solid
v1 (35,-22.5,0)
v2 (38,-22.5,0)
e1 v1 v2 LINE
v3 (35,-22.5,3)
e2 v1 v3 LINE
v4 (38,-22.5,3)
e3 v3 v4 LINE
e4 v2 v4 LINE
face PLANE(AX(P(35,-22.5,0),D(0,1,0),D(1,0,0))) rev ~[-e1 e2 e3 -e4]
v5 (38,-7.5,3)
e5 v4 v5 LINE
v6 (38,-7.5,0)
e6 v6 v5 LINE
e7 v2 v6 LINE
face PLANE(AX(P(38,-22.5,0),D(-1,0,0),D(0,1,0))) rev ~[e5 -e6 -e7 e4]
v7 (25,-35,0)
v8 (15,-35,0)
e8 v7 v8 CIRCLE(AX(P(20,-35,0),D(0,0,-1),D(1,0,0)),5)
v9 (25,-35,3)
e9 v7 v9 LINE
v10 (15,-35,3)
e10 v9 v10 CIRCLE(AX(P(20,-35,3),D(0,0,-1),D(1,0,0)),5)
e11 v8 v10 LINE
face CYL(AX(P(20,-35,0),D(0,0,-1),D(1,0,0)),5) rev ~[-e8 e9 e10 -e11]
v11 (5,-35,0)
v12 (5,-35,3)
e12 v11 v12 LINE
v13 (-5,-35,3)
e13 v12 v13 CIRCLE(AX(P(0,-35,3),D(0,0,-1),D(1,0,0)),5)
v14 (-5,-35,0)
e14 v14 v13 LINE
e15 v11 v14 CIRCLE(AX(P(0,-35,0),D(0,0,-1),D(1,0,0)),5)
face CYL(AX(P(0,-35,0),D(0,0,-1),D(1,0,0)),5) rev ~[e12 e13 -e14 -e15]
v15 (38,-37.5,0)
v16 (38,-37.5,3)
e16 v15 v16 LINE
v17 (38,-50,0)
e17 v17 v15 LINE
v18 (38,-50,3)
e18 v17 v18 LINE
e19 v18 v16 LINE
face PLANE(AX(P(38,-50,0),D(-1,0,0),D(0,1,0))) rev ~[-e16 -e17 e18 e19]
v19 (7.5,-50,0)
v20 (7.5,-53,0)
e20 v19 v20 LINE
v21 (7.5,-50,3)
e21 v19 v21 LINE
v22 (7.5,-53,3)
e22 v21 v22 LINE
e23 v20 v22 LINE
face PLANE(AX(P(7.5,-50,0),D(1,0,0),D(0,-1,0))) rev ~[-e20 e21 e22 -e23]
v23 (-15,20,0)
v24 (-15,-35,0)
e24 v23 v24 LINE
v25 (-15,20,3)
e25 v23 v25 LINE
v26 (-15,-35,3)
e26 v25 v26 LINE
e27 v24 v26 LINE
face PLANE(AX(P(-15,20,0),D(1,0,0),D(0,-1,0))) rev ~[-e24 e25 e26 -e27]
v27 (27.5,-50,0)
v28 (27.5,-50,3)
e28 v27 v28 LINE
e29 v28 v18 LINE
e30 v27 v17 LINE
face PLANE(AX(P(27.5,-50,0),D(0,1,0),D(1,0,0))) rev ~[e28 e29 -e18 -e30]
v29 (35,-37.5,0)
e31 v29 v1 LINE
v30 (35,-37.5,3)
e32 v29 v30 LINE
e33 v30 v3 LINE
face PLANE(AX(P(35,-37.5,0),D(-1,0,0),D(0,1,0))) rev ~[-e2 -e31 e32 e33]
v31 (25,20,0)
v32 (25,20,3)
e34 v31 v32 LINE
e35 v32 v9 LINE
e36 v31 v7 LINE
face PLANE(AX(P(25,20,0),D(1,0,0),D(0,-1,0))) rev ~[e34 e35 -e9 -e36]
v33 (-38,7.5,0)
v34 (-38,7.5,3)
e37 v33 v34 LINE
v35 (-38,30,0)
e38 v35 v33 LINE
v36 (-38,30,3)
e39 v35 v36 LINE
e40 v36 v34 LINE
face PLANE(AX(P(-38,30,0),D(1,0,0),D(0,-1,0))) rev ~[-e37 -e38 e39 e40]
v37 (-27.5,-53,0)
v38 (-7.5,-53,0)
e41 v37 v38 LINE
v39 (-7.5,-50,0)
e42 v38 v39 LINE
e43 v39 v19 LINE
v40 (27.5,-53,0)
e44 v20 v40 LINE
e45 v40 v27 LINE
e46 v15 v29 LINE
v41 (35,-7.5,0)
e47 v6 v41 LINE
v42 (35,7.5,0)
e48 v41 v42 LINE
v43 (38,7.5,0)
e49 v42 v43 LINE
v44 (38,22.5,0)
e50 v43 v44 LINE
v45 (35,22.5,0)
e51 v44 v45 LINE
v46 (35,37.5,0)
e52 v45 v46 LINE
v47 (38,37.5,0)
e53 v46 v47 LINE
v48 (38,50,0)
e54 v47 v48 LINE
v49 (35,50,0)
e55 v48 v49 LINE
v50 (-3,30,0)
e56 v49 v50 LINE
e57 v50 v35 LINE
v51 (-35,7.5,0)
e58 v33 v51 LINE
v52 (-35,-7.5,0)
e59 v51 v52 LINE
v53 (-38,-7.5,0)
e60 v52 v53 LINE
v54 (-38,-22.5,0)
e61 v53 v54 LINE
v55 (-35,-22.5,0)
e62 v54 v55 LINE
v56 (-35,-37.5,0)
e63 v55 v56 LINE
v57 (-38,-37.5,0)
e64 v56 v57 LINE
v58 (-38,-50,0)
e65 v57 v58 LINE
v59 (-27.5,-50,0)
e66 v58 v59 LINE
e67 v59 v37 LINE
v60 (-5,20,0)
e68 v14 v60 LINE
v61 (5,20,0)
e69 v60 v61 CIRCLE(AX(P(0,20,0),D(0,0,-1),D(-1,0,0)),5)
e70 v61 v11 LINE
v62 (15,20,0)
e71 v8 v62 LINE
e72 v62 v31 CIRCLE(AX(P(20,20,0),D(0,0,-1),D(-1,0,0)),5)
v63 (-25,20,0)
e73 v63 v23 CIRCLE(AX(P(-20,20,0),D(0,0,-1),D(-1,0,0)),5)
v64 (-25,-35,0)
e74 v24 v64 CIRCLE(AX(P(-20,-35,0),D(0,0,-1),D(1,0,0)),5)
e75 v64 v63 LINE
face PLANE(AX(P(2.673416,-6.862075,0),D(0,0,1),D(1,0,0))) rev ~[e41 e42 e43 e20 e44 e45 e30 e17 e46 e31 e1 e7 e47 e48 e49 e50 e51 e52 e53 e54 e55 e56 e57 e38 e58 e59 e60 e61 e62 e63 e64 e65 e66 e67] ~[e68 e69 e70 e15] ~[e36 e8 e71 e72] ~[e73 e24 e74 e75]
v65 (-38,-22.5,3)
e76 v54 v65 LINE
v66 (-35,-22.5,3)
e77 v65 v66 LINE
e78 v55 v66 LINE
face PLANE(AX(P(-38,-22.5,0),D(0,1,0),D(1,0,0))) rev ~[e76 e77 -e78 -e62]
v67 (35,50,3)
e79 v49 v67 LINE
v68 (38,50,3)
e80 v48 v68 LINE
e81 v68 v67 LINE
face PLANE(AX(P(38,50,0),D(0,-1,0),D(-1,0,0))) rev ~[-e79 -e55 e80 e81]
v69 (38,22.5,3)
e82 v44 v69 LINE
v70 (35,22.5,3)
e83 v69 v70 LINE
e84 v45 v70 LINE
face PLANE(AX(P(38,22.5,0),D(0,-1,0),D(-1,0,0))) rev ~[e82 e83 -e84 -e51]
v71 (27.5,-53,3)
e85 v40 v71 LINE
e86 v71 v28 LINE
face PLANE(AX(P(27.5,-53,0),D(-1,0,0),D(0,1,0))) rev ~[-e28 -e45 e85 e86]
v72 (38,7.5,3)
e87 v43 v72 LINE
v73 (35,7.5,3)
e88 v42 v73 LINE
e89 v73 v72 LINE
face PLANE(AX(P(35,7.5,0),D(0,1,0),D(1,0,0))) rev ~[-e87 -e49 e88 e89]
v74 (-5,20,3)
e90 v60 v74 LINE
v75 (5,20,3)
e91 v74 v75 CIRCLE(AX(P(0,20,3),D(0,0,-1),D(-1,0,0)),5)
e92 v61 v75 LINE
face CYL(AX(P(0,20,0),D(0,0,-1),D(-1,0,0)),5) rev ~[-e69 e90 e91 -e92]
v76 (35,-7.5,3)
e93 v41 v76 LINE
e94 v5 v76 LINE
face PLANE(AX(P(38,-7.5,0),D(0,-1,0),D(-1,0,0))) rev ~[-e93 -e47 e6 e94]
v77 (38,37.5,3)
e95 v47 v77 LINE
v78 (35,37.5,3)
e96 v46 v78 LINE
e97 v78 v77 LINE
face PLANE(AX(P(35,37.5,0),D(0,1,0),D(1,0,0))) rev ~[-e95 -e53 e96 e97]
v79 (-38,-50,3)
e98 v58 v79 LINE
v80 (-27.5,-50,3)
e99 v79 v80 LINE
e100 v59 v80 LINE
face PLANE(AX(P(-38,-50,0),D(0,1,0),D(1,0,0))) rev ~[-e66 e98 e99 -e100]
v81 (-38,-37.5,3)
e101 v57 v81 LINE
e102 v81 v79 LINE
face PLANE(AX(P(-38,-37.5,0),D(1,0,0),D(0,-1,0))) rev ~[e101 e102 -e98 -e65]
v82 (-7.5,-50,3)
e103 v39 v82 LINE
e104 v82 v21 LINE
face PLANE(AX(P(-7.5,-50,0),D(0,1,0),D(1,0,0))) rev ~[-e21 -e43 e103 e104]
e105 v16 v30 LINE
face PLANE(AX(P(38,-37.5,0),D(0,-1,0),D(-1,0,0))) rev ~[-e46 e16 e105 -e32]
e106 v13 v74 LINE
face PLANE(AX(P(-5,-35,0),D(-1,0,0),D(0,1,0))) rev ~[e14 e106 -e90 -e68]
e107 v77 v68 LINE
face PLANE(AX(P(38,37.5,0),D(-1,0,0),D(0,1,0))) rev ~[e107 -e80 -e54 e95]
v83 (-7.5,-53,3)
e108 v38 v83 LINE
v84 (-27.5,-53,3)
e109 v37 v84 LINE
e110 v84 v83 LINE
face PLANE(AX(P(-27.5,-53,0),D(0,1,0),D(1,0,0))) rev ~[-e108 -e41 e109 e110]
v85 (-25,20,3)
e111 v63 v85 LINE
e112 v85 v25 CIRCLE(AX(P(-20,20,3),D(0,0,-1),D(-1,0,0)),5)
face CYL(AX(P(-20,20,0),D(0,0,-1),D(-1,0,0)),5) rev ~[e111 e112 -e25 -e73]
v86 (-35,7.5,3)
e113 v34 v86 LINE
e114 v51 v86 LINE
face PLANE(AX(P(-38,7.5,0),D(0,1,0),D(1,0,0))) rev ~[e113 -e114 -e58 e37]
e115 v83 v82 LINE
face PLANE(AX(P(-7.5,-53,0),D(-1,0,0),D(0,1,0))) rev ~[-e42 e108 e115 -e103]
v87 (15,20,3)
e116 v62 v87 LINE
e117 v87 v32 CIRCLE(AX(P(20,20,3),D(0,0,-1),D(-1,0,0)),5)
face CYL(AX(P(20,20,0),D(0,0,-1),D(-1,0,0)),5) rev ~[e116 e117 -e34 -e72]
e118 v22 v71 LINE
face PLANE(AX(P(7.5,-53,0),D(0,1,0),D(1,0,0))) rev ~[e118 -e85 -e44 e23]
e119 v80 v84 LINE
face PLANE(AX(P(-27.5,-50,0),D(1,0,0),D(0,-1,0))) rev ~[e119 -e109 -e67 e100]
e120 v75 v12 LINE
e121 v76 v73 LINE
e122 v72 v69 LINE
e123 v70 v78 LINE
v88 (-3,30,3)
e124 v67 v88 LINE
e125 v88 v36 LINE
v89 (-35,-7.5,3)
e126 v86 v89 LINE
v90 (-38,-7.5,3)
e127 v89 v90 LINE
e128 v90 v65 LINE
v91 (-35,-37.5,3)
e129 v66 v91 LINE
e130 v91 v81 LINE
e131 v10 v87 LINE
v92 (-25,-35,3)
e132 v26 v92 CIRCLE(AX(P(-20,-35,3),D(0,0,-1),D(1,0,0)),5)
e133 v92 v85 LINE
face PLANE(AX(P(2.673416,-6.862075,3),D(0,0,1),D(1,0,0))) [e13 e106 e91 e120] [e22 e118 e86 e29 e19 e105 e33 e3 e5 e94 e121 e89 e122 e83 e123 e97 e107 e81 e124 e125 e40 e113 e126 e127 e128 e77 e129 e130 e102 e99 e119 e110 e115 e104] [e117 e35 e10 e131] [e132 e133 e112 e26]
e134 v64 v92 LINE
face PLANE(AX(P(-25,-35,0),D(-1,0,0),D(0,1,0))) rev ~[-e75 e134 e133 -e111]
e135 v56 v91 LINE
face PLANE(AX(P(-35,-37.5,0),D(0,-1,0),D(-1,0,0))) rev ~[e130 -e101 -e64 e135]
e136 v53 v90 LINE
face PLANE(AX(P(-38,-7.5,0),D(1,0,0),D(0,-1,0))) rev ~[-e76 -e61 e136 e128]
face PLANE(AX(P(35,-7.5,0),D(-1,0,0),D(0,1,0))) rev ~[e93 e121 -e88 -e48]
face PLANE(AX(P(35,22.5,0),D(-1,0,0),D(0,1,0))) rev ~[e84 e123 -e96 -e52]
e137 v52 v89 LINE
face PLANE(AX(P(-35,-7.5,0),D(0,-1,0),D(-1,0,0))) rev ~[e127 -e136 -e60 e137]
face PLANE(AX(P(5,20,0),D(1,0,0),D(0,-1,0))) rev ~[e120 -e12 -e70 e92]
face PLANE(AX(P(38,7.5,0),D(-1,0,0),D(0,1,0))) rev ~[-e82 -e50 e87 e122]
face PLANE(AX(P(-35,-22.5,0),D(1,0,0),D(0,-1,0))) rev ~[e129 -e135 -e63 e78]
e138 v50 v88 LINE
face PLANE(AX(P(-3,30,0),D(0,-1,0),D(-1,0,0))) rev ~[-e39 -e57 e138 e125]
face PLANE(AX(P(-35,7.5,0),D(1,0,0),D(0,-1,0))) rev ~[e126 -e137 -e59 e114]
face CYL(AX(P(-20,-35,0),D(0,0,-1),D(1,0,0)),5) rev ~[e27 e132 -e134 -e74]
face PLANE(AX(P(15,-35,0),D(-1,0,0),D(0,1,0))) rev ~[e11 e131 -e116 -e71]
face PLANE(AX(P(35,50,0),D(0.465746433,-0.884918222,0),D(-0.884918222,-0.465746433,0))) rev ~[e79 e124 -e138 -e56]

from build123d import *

# Parameters (mm, degrees)
BOSS_EXTRUDE1_DEPTH = 3


with BuildPart() as part:
    # Sketch1 → Boss-Extrude1 (new body)
    with BuildSketch(Plane.XY):
        Polygon((35, 50), (-3, 30), (-38, 30), (-38, 7.5), (-35, 7.5), (-35, -7.5), (-38, -7.5), (-38, -22.5), (-35, -22.5), (-35, -37.5), (-38, -37.5), (-38, -50), (-27.5, -50), (-27.5, -53), (-7.5, -53), (-7.5, -50), (7.5, -50), (7.5, -53), (27.5, -53), (27.5, -50), (38, -50), (38, -37.5), (35, -37.5), (35, -22.5), (38, -22.5), (38, -7.5), (35, -7.5), (35, 7.5), (38, 7.5), (38, 22.5), (35, 22.5), (35, 37.5), (38, 37.5), (38, 50), align=None)
        with BuildLine():
            Line((-15, 20), (-15, -35))
            ThreePointArc((-15, -35), (-20, -40), (-25, -35))
            Line((-25, -35), (-25, 20))
            ThreePointArc((-25, 20), (-20, 25), (-15, 20))
        make_face(mode=Mode.SUBTRACT)
        with BuildLine():
            ThreePointArc((5, -35), (0, -40), (-5, -35))
            Line((-5, -35), (-5, 20))
            ThreePointArc((-5, 20), (0, 25), (5, 20))
            Line((5, 20), (5, -35))
        make_face(mode=Mode.SUBTRACT)
        with BuildLine():
            ThreePointArc((25, -35), (20, -40), (15, -35))
            Line((15, -35), (15, 20))
            ThreePointArc((15, 20), (20, 25), (25, 20))
            Line((25, 20), (25, -35))
        make_face(mode=Mode.SUBTRACT)
    extrude(amount=BOSS_EXTRUDE1_DEPTH)


solid = part.part
